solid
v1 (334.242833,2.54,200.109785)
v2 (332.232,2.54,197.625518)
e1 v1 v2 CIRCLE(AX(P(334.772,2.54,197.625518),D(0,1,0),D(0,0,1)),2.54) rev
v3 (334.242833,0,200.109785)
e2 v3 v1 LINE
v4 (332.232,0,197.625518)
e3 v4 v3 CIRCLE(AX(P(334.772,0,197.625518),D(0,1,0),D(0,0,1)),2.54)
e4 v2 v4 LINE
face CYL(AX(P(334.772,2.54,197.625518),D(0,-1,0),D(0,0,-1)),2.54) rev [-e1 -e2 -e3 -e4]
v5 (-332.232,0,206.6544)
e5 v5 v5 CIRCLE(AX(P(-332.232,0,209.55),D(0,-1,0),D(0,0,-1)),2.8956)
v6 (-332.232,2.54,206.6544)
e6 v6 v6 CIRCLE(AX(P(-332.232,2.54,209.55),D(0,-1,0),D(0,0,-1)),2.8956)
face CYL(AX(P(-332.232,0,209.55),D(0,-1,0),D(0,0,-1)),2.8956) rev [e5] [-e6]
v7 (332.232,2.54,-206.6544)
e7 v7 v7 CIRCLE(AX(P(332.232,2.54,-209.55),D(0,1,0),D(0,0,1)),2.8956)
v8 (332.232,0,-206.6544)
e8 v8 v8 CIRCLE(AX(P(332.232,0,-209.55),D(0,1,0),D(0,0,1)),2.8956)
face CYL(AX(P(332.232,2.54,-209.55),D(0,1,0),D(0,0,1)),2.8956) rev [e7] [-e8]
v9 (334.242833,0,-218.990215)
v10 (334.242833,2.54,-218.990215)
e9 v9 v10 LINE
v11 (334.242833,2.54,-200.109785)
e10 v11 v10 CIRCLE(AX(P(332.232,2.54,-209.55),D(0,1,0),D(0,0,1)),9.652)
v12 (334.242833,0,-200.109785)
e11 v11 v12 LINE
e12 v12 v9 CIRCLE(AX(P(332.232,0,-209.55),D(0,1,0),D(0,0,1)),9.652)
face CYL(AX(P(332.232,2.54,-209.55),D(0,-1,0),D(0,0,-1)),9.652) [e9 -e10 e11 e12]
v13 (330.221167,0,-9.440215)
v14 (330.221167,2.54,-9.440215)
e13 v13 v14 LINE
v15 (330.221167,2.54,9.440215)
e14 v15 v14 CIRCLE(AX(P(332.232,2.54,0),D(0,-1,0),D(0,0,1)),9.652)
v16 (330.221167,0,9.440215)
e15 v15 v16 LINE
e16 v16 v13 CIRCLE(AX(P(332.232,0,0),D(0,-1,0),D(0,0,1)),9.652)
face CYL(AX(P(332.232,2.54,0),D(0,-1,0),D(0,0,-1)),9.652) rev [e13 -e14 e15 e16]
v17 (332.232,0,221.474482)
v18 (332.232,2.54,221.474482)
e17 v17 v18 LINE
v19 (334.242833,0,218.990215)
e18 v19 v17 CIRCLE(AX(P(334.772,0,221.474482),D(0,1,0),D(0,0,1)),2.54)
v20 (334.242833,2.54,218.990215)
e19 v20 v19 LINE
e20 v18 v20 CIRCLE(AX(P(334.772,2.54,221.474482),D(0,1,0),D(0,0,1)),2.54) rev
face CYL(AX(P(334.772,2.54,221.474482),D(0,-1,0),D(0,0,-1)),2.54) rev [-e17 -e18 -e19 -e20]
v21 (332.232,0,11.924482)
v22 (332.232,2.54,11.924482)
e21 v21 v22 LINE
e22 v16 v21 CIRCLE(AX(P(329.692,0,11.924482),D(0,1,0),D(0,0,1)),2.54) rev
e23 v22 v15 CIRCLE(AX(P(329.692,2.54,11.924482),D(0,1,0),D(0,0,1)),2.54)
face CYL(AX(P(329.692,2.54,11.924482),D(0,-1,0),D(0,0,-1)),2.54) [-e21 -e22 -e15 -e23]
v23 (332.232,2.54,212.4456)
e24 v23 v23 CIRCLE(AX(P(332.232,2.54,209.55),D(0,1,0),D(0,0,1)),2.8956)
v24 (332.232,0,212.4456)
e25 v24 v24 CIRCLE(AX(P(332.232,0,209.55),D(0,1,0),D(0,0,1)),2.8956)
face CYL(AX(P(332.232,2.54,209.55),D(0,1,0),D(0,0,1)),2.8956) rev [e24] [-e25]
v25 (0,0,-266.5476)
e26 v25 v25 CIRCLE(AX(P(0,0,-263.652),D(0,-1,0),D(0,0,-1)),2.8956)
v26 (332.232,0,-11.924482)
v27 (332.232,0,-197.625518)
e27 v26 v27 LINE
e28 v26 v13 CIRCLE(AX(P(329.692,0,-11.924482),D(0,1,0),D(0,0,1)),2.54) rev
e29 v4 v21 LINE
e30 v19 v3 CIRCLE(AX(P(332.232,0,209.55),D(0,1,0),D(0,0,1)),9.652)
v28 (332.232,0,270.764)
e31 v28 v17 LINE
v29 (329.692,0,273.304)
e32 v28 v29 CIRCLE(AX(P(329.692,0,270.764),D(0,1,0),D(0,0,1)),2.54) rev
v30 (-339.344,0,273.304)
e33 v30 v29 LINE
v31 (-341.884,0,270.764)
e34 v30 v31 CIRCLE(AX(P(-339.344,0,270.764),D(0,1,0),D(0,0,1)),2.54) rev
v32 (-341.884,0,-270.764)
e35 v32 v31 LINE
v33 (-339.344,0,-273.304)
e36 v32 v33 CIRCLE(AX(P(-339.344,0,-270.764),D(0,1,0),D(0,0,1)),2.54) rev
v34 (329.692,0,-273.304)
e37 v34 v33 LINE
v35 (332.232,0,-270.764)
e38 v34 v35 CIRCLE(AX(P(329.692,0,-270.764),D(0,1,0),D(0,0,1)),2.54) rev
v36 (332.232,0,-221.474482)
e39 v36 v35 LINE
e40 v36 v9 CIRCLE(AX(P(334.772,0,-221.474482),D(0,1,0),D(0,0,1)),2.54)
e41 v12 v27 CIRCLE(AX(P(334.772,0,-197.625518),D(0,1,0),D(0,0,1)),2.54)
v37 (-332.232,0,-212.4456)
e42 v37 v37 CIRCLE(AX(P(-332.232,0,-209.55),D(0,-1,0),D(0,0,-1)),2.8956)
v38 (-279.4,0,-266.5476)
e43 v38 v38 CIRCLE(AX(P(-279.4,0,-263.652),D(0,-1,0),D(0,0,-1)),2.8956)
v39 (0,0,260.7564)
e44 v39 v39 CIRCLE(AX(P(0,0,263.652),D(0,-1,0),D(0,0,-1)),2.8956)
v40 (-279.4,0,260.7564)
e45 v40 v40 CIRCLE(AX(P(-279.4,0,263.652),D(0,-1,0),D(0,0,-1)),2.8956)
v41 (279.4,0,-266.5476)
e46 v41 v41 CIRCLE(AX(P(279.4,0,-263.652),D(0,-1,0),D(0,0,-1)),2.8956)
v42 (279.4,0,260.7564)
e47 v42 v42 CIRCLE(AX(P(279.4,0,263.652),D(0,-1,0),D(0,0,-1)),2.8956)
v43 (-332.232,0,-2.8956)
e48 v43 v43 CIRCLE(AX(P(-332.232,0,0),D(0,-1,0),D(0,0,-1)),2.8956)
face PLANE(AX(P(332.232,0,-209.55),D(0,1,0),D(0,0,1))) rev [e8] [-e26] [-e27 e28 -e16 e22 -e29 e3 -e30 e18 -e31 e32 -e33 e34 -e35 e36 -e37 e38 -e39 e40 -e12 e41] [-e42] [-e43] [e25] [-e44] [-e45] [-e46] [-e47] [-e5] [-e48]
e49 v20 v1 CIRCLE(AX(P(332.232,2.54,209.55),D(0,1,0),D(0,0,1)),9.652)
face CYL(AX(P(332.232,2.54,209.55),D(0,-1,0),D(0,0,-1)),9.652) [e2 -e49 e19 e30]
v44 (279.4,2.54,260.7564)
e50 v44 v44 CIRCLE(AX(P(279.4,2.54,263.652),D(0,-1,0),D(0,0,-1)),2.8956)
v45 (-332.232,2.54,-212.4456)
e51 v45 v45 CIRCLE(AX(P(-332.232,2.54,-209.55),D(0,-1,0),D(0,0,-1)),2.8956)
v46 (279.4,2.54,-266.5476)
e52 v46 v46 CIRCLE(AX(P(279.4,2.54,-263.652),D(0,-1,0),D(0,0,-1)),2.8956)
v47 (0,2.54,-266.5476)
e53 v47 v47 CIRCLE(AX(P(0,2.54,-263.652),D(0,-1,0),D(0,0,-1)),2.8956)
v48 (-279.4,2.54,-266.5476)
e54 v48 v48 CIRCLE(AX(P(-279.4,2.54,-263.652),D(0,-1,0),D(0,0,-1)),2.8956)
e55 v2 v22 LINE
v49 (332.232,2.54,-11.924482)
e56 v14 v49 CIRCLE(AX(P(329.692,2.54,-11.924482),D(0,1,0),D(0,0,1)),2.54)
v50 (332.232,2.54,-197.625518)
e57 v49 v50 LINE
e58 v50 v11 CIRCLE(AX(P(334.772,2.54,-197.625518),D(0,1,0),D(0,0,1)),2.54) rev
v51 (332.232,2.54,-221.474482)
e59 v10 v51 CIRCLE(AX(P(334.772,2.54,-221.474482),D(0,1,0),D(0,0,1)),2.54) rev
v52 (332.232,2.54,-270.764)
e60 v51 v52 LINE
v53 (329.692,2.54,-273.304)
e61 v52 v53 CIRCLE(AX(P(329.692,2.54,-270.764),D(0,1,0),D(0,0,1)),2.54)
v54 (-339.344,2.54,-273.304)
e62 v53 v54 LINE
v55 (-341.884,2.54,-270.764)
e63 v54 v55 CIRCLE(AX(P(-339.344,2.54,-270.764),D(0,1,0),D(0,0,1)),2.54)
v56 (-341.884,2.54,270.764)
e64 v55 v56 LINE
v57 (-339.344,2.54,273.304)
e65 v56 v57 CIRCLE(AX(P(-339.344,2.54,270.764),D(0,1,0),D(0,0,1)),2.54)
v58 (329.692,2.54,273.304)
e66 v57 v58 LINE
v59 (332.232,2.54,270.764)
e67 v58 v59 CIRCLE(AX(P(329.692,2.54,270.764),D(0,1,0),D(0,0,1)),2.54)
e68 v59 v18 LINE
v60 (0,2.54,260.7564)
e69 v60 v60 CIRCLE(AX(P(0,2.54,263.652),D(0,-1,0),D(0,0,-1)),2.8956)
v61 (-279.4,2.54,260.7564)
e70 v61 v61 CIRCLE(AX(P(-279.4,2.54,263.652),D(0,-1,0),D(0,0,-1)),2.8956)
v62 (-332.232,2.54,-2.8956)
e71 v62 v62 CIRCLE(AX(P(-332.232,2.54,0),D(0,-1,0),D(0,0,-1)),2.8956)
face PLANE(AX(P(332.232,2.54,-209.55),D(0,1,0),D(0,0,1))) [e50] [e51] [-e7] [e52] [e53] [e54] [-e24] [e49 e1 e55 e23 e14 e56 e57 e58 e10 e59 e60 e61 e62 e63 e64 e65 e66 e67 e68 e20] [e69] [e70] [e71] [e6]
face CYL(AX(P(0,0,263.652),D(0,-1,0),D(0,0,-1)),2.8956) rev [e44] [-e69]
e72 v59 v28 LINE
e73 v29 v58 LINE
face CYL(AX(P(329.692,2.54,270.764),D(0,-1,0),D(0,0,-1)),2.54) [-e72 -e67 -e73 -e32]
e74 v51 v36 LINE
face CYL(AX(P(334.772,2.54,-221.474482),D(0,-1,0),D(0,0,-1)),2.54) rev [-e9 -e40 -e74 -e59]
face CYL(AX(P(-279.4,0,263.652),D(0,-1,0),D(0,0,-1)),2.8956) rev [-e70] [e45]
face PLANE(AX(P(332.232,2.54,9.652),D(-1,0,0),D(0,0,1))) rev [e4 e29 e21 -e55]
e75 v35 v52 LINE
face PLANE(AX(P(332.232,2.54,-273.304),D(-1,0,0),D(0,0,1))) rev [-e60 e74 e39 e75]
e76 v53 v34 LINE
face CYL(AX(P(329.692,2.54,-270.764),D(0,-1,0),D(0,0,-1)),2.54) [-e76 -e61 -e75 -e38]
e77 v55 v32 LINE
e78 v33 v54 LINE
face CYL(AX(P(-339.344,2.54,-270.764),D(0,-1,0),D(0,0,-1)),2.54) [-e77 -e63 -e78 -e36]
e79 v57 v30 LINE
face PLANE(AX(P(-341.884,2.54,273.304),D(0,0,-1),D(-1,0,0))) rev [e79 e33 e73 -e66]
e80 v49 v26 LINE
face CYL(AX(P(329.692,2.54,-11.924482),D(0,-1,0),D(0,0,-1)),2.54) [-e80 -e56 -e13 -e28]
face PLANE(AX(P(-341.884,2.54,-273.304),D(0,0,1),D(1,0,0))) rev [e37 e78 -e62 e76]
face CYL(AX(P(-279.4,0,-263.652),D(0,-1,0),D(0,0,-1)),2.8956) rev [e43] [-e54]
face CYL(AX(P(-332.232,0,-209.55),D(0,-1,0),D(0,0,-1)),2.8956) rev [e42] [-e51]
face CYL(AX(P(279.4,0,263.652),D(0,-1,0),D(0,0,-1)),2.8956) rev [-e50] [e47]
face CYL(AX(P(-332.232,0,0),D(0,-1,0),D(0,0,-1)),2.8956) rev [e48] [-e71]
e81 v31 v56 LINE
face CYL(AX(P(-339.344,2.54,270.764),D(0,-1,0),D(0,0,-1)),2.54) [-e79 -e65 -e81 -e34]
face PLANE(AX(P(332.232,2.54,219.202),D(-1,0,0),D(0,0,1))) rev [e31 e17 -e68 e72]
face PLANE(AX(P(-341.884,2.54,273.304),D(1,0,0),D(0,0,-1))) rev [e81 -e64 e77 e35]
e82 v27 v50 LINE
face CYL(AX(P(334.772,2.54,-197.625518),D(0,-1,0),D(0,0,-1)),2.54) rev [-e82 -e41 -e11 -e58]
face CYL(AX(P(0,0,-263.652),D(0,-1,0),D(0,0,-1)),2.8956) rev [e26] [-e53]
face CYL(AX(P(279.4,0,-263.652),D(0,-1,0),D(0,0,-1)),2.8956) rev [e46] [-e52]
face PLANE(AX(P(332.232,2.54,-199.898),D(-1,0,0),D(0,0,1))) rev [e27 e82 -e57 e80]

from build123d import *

# Parameters (mm, degrees)
BOSS_EXTRUDE1_DEPTH        = 2.54
F_1_0_228_DIAMETER_HOLE1_D = 5.7912
FILLET1_R                  = 2.54
F_1_0_228_DIAMETER_HOLE2_D = 5.7912


with BuildPart() as part:
    # Sketch1 → Boss-Extrude1 (new body)
    with BuildSketch(Plane(origin=(0, 0, 0), x_dir=(1, 0, 0), z_dir=(0, 1, 0))):
        with BuildLine():
            Line((-341.884, -273.304), (332.232, -273.304))
            Line((332.232, -273.304), (332.232, -219.202))
            ThreePointArc((332.232, -219.202), (341.884, -209.55), (332.232, -199.898))
            Line((332.232, -199.898), (332.232, -9.652))
            ThreePointArc((332.232, -9.652), (322.58, 0), (332.232, 9.652))
            Line((332.232, 9.652), (332.232, 199.898))
            ThreePointArc((332.232, 199.898), (341.884, 209.55), (332.232, 219.202))
            Line((332.232, 219.202), (332.232, 273.304))
            Line((332.232, 273.304), (-341.884, 273.304))
            Line((-341.884, 273.304), (-341.884, -273.304))
        make_face()
    extrude(amount=BOSS_EXTRUDE1_DEPTH)

    # #1 (0.228) Diameter Hole1 (through all)
    with Locations(Plane(origin=(0, 2.54, 0), x_dir=(1, 0, 0), z_dir=(0, 1, 0))):
        with Locations((332.232, 209.55), (332.232, -209.55)):
            Hole(F_1_0_228_DIAMETER_HOLE1_D / 2)

    # Fillet1
    fillet1_edges = [part.edges().sort_by_distance(p)[0] for p in [
        (-341.884, 1.27, -273.304),
        (332.232, 1.27, -273.304),
        (332.232, 1.27, -219.202),
        (332.232, 1.27, -199.898),
        (332.232, 1.27, -9.652),
        (332.232, 1.27, 9.652),
        (332.232, 1.27, 199.898),
        (332.232, 1.27, 219.202),
        (332.232, 1.27, 273.304),
        (-341.884, 1.27, 273.304),
    ]]
    fillet(fillet1_edges, radius=FILLET1_R)

    # #1 (0.228) Diameter Hole2 (through all)
    with Locations(Plane(origin=(0, 0, 0), x_dir=(-1, 0, 0), z_dir=(0, -1, 0))):
        with Locations((-279.4, 263.652), (0, 263.652), (279.4, 263.652), (332.232, 209.55), (332.232, 0), (332.232, -209.55), (279.4, -263.652), (0, -263.652), (-279.4, -263.652)):
            Hole(F_1_0_228_DIAMETER_HOLE2_D / 2)


solid = part.part
